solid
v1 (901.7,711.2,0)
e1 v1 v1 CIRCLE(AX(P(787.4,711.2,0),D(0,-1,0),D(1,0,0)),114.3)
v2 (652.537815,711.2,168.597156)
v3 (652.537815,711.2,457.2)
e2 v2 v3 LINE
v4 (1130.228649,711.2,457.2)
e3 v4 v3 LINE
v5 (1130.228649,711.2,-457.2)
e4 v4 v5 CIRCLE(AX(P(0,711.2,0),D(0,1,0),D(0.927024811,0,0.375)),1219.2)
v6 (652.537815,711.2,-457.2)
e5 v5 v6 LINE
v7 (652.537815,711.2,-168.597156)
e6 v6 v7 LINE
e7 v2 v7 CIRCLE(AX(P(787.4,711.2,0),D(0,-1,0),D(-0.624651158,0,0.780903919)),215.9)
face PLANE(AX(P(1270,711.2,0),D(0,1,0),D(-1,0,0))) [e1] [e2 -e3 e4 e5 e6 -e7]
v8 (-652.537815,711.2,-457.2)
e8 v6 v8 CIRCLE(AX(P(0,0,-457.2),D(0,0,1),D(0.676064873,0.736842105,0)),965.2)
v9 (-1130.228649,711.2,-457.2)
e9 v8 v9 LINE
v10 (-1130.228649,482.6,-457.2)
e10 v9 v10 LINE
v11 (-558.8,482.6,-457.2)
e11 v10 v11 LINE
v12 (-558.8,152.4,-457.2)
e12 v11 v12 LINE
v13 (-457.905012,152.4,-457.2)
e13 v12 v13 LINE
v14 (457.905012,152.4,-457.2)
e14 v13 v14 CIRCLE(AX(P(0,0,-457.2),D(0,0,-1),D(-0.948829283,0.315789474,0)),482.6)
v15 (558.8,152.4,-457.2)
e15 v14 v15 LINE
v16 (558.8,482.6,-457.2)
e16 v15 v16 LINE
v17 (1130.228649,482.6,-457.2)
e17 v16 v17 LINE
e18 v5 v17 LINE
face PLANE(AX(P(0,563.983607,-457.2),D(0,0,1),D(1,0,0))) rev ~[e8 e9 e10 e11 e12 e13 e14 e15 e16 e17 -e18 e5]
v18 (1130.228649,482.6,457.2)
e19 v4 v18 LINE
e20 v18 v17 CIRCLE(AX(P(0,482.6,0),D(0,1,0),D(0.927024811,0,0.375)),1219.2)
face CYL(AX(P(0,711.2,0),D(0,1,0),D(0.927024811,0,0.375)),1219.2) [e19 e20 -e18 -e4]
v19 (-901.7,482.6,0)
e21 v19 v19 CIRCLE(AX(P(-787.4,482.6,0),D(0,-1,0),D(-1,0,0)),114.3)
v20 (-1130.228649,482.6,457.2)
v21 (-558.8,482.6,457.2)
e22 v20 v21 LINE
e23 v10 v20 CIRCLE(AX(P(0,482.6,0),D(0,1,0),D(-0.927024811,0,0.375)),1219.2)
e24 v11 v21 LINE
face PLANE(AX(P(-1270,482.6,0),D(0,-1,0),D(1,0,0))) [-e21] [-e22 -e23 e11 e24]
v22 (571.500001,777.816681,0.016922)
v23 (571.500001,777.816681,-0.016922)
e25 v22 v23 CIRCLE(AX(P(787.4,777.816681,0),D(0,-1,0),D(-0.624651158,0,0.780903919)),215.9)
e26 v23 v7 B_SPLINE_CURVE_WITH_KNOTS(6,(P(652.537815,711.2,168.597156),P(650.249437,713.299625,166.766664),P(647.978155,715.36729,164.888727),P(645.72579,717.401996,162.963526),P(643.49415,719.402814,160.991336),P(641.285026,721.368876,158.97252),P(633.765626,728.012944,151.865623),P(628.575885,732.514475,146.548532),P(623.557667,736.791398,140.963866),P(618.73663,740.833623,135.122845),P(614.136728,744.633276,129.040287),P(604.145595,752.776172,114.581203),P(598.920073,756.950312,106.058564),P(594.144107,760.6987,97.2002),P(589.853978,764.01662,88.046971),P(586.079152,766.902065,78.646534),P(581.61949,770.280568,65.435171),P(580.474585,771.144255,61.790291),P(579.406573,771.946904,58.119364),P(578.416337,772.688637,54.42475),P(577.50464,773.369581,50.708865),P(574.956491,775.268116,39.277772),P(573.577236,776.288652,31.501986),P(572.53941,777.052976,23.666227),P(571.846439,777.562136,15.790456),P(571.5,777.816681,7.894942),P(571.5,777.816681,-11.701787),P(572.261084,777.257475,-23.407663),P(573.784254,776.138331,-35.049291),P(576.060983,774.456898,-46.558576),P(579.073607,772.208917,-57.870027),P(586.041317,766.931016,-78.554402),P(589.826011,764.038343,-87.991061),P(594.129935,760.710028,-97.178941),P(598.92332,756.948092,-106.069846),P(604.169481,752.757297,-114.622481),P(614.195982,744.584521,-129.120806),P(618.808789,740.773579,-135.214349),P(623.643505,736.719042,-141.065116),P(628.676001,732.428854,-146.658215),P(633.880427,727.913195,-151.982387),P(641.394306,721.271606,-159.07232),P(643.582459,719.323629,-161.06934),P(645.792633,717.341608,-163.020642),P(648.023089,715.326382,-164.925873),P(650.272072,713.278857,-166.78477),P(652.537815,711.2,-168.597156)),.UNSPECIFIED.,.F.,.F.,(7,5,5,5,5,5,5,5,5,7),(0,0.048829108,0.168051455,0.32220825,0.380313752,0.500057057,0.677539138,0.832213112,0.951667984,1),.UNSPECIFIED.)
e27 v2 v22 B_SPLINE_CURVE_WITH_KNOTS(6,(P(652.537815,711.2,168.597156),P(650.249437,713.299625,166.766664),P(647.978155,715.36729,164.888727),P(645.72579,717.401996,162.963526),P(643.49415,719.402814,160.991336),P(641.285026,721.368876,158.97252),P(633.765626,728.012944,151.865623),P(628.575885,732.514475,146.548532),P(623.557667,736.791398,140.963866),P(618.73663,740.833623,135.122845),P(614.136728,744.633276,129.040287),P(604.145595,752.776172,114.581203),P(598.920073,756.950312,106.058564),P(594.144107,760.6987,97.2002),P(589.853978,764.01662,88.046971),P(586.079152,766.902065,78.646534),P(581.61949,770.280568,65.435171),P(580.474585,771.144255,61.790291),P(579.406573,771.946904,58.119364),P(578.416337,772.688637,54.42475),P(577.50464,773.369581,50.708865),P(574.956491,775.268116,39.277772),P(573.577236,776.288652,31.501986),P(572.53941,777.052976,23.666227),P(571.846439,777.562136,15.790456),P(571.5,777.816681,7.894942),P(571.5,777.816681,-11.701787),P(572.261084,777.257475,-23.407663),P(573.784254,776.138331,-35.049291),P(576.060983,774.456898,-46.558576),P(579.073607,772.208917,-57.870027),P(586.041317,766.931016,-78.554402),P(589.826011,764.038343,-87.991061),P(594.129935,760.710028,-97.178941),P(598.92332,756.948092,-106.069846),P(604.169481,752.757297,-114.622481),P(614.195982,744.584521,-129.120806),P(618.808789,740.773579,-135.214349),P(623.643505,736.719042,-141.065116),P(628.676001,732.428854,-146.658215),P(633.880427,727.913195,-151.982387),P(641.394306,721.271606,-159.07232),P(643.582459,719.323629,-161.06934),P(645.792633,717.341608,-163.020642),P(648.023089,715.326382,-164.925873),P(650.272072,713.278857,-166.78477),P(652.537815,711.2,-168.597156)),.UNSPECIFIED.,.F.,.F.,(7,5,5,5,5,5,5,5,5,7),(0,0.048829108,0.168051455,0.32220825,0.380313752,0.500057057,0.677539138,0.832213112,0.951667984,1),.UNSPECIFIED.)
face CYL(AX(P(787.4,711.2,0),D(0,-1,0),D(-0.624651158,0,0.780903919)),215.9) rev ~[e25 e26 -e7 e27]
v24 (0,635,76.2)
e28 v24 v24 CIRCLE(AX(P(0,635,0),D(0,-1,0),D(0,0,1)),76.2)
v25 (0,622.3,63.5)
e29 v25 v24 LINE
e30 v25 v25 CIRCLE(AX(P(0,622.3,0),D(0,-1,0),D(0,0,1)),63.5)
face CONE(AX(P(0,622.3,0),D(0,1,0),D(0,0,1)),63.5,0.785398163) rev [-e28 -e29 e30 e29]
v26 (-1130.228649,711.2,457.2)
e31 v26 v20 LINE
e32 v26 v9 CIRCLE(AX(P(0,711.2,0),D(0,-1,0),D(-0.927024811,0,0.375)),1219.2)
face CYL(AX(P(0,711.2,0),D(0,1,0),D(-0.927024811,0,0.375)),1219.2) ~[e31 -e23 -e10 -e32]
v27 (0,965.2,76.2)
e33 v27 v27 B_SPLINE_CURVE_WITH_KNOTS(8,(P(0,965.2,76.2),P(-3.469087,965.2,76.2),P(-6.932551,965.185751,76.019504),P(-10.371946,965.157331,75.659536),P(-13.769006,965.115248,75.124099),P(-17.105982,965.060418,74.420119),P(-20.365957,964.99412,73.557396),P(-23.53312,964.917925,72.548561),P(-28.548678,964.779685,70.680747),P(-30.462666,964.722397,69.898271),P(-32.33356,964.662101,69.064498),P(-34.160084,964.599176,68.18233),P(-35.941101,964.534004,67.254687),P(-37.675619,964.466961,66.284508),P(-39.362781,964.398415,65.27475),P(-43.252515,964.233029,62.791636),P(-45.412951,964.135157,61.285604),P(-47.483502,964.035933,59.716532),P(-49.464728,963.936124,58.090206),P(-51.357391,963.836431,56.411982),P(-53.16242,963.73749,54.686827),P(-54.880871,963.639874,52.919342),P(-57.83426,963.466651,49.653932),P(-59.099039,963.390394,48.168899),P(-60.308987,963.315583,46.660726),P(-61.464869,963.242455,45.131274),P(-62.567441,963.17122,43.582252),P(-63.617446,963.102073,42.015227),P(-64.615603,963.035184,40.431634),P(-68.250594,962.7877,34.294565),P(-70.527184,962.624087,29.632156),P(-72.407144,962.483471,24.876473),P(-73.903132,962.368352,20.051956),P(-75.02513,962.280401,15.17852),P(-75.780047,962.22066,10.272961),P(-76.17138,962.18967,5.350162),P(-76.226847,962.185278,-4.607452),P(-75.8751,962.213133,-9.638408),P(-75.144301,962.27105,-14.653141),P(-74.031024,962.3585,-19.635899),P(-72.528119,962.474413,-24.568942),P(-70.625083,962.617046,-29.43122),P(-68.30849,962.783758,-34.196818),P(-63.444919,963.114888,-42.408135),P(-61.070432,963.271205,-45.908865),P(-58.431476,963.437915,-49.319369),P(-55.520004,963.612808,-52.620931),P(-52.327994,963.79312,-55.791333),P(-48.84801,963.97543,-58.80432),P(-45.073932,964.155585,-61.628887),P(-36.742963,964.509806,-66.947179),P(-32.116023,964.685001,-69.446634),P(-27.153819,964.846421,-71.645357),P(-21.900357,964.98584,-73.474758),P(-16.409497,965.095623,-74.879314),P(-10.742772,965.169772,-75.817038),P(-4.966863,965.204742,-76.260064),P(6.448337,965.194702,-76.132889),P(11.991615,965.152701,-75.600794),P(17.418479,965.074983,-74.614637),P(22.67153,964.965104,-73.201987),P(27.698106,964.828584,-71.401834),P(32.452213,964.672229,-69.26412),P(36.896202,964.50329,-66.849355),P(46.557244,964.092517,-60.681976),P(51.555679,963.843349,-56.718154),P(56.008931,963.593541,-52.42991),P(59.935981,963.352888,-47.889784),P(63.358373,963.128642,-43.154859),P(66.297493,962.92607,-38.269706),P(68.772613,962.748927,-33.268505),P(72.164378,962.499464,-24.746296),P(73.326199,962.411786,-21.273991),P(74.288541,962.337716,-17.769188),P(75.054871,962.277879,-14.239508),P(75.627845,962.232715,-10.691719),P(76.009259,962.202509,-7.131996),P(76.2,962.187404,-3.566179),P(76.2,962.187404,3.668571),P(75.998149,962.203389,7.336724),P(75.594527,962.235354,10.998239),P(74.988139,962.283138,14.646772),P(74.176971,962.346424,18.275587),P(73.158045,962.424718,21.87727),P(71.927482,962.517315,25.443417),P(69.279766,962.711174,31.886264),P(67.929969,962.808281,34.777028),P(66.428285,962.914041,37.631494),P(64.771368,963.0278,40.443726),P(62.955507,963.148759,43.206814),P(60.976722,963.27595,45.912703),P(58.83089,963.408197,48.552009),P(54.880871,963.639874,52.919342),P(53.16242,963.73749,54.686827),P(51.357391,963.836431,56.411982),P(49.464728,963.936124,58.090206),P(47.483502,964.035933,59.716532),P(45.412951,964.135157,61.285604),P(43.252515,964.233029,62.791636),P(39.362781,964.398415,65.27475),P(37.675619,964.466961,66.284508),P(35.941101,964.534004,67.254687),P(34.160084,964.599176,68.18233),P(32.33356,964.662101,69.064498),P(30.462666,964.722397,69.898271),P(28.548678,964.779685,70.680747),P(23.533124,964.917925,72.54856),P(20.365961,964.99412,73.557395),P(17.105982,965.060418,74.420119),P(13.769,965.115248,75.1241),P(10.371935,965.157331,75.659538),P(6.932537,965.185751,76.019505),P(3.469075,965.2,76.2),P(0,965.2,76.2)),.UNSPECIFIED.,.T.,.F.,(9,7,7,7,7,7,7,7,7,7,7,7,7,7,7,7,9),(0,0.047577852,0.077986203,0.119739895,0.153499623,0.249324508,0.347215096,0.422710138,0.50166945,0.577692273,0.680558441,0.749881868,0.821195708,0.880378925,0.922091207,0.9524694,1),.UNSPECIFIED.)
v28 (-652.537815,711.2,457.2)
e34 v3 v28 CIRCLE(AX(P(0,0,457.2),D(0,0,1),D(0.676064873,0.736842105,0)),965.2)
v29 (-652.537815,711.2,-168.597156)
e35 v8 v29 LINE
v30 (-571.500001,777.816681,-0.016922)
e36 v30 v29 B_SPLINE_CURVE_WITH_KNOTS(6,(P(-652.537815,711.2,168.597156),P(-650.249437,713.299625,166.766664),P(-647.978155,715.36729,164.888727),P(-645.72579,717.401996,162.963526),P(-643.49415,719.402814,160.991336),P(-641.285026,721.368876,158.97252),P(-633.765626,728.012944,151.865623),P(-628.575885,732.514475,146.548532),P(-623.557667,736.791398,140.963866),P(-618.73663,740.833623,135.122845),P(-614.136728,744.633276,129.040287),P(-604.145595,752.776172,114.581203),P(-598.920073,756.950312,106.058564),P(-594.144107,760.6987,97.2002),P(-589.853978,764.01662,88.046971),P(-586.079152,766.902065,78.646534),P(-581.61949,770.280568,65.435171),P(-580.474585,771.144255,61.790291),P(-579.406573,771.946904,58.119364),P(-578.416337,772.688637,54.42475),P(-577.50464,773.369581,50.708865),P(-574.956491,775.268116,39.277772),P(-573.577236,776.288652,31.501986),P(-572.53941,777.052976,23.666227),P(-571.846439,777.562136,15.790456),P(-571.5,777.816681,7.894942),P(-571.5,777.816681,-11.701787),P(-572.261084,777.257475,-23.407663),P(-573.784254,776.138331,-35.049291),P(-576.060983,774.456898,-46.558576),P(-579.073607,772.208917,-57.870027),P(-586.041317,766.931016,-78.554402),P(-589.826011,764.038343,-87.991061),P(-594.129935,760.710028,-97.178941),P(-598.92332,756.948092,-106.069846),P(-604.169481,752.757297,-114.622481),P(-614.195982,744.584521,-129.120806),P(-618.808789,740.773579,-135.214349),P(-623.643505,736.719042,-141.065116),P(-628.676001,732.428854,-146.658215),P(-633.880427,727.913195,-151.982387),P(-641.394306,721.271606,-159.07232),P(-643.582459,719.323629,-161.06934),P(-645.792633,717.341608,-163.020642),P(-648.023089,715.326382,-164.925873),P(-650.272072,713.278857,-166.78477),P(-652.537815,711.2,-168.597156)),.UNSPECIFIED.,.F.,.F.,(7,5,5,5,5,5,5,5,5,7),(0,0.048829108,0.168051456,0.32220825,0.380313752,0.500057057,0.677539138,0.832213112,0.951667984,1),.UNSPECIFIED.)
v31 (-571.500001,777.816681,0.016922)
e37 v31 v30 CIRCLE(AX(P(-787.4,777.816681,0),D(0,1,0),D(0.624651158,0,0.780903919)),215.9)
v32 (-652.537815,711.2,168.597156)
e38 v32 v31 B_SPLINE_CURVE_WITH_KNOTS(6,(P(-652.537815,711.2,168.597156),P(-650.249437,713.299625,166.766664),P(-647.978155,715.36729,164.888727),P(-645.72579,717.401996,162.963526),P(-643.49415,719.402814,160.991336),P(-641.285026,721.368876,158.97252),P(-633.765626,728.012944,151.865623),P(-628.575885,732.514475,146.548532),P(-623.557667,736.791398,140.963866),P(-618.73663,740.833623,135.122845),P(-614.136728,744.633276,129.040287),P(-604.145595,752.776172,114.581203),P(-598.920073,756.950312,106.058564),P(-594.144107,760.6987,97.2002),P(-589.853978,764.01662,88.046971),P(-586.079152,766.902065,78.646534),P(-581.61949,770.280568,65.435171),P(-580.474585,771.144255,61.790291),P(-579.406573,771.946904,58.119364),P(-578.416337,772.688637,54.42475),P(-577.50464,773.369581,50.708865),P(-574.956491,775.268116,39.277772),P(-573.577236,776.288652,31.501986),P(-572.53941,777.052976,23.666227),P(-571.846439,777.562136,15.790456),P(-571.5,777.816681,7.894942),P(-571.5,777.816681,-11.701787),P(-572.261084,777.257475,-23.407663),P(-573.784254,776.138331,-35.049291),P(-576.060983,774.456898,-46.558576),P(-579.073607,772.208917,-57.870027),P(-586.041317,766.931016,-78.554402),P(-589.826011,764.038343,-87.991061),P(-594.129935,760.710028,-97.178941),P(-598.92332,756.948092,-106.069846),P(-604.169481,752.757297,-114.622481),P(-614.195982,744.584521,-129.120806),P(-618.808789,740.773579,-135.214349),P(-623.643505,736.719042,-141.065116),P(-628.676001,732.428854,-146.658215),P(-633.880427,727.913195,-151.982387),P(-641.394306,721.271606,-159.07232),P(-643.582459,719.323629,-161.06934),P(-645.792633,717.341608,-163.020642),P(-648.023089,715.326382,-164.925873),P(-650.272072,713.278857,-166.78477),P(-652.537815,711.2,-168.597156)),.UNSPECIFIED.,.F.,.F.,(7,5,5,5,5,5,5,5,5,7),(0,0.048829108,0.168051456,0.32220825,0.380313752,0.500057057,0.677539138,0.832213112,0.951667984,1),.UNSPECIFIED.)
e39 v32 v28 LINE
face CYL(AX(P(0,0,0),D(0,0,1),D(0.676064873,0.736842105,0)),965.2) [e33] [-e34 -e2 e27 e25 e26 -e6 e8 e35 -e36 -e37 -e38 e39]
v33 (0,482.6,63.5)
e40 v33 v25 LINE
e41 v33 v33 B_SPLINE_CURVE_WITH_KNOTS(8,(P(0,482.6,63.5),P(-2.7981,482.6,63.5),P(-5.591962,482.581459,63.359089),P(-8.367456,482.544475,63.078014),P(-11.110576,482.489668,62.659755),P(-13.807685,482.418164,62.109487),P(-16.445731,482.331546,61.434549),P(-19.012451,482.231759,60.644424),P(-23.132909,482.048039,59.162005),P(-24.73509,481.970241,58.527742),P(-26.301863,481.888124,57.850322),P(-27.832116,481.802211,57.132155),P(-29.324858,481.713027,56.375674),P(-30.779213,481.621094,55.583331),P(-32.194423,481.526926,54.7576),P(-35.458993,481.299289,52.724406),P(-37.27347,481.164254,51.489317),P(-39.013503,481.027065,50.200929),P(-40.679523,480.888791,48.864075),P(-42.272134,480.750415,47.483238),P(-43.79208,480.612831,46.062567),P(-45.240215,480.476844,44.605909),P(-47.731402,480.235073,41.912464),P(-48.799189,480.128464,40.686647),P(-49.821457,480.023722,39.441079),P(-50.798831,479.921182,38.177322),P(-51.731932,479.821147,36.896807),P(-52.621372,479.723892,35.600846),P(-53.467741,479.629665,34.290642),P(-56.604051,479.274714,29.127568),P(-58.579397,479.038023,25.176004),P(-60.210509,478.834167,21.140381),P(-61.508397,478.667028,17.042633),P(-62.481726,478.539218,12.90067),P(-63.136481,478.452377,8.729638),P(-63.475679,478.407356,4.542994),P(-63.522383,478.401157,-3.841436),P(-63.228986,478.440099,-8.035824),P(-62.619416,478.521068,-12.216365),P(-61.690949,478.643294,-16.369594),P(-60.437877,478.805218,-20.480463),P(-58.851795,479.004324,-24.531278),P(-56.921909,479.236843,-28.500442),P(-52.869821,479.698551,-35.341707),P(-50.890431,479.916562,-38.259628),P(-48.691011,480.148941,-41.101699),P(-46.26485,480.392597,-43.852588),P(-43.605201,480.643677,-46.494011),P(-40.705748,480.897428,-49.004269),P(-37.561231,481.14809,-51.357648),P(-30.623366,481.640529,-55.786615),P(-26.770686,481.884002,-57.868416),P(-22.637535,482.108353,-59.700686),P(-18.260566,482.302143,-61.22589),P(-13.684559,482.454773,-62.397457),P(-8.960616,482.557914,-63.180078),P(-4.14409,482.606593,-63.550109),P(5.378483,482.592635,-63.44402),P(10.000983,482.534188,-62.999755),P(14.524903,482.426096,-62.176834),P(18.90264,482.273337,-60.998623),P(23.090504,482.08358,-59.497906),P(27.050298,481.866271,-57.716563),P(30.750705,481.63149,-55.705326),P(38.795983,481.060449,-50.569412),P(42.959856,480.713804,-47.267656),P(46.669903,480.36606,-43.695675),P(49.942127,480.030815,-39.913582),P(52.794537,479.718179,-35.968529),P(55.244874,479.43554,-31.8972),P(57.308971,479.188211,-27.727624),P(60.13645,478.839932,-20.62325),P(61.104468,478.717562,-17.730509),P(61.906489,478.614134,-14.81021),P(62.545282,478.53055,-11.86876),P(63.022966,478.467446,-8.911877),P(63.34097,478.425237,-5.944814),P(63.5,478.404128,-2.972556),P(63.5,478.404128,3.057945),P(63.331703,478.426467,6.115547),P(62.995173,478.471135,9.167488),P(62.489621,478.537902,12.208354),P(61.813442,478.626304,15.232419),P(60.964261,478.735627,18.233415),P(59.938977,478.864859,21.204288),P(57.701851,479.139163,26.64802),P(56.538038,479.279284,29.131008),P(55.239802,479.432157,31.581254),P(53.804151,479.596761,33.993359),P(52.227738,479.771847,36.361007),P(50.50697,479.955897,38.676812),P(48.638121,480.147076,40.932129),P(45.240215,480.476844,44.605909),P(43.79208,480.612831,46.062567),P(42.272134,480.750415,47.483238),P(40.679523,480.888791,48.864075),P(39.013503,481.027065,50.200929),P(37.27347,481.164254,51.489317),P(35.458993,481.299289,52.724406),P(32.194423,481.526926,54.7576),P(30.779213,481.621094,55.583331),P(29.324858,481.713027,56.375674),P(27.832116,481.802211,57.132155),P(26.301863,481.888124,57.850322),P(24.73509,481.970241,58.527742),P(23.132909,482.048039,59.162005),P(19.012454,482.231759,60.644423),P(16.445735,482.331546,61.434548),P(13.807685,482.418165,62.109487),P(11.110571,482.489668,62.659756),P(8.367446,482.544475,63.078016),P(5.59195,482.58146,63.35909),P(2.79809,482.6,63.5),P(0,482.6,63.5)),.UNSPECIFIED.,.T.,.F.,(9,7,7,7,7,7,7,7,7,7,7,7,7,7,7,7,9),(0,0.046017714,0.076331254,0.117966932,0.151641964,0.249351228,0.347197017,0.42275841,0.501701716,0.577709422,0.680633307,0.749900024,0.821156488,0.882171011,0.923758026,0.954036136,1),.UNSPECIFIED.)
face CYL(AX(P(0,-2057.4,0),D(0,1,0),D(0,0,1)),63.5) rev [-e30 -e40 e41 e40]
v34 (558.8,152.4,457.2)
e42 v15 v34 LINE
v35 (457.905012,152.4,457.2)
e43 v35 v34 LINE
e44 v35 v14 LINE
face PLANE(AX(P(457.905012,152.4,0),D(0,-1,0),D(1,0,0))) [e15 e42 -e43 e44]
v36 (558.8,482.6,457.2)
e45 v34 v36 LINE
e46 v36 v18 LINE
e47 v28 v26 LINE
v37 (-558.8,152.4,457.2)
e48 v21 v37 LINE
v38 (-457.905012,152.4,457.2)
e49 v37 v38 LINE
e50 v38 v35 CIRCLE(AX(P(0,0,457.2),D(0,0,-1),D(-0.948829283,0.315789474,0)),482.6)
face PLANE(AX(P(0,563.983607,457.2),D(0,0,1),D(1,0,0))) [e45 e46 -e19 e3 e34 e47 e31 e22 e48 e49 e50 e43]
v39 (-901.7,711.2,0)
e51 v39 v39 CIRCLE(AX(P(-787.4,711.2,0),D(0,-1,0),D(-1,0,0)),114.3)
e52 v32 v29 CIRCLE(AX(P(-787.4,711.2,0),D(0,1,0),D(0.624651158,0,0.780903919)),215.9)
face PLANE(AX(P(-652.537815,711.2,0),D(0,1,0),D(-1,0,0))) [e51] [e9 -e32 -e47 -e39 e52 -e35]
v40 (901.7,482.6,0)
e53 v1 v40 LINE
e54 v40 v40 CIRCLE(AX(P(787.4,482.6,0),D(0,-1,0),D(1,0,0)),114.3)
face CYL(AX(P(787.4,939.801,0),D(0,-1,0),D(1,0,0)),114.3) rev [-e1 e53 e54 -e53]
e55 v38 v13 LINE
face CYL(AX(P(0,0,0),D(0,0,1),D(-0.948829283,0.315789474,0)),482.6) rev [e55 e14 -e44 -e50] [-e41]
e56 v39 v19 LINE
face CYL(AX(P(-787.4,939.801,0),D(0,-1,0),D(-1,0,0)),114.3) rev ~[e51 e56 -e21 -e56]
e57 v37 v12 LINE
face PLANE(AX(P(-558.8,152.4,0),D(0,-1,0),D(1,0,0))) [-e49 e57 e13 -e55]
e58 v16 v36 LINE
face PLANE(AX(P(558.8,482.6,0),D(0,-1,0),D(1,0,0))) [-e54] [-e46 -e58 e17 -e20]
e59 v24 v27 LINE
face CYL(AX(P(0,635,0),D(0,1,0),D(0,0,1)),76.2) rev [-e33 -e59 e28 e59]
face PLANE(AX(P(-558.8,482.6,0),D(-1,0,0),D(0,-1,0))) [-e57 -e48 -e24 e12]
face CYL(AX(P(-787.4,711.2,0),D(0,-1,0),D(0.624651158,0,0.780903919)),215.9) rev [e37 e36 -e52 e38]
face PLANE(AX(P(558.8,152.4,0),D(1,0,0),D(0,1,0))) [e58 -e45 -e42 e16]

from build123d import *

# Parameters (mm, degrees)
BOSS_EXTRUDE1_DEPTH              = 457.2
F_97_0_0059_DIAMETER_HOLE1_D     = 228.6
F_97_0_0059_DIAMETER_HOLE1_DEPTH = 228.601
CUT_EXTRUDE1_DEPTH               = 66.616681
CUT_EXTRUDE2_REACH               = 560.8


with BuildPart() as part:
    # Sketch1 → Boss-Extrude1 (new body, symmetric)
    with BuildSketch(Plane.XY):
        with BuildLine():
            Line((457.905011984, 152.4), (558.8, 152.4))
            Line((558.8, 152.4), (558.8, 482.6))
            Line((558.8, 482.6), (1270, 482.6))
            Line((1270, 482.6), (1270, 711.2))
            Line((1270, 711.2), (652.537814996, 711.2))
            ThreePointArc((652.537814996, 711.2), (0, 965.2), (-652.537814996, 711.2))
            Line((-652.537814996, 711.2), (-1270, 711.2))
            Line((-1270, 711.2), (-1270, 482.6))
            Line((-1270, 482.6), (-558.8, 482.6))
            Line((-558.8, 482.6), (-558.8, 152.4))
            Line((-558.8, 152.4), (-457.905011984, 152.4))
            ThreePointArc((-457.905011984, 152.4), (0, 482.6), (457.905011984, 152.4))
        make_face()
    extrude(amount=BOSS_EXTRUDE1_DEPTH, both=True)

    # #97 (0.0059) Diameter Hole1
    with Locations(Plane(origin=(0, 711.2, 0), x_dir=(1, 0, 0), z_dir=(0, 1, 0))):
        with Locations((-787.4, 0)):
            f_97_0_0059_diameter_hole1 = Hole(F_97_0_0059_DIAMETER_HOLE1_D / 2, depth=F_97_0_0059_DIAMETER_HOLE1_DEPTH)

    # Mirror7: #97 (0.0059) Diameter Hole1 across plane
    add(f_97_0_0059_diameter_hole1.mirror(Plane(origin=(0, 0, 0), x_dir=(0, 0, 1), z_dir=(1, 0, 0))), mode=Mode.SUBTRACT)

    # Sketch5 → Cut-Extrude1 (cut)
    with BuildSketch(Plane(origin=(0, 711.2, 0), x_dir=(1, 0, 0), z_dir=(0, 1, 0))):
        with BuildLine():
            Line((-652.537814996, 168.597156133), (-652.537814996, -168.597156133))
            ThreePointArc((-652.537814996, -168.597156133), (-571.5, 0), (-652.537814996, 168.597156133))
        make_face()
    cut_extrude1 = extrude(amount=CUT_EXTRUDE1_DEPTH, mode=Mode.SUBTRACT)

    # Mirror8: Cut-Extrude1 across plane
    add(cut_extrude1.mirror(Plane(origin=(0, 0, 0), x_dir=(0, 0, 1), z_dir=(1, 0, 0))), mode=Mode.SUBTRACT)

    # Sketch6 → Cut-Extrude2 (cut, up to next)
    with BuildSketch(Plane(origin=(0, 711.2, 0), x_dir=(1, 0, 0), z_dir=(0, 1, 0)), mode=Mode.PRIVATE) as cut_extrude2_sk1:
        with BuildLine():
            Line((-1130.228649433, 457.2), (-1270, 457.2))
            Line((-1270, 457.2), (-1270, -457.2))
            Line((-1270, -457.2), (-1130.228649433, -457.2))
            ThreePointArc((-1130.228649433, -457.2), (-1219.2, 0), (-1130.228649433, 457.2))
        make_face()
    cut_extrude2_tool1 = extrude(cut_extrude2_sk1.sketch, amount=-CUT_EXTRUDE2_REACH, mode=Mode.PRIVATE) & part.part
    add(cut_extrude2_tool1.solids().sort_by_distance((-1225.646525, 711.2, 0))[0], mode=Mode.SUBTRACT)
    # Sketch6 → Cut-Extrude2 (cut, up to next)
    with BuildSketch(Plane(origin=(0, 711.2, 0), x_dir=(1, 0, 0), z_dir=(0, 1, 0)), mode=Mode.PRIVATE) as cut_extrude2_sk2:
        with BuildLine():
            Line((1130.228649433, 457.2), (1270, 457.2))
            Line((1270, 457.2), (1270, -457.2))
            Line((1270, -457.2), (1130.228649433, -457.2))
            ThreePointArc((1130.228649433, -457.2), (1219.2, 0), (1130.228649433, 457.2))
        make_face()
    cut_extrude2_tool2 = extrude(cut_extrude2_sk2.sketch, amount=-CUT_EXTRUDE2_REACH, mode=Mode.PRIVATE) & part.part
    add(cut_extrude2_tool2.solids().sort_by_distance((1225.646525, 711.2, 0))[0], mode=Mode.SUBTRACT)

    # Sketch10 → CSK for M10 Flat Head Machine Screw1 (revolve, cut)
    with BuildSketch(Plane(origin=(0, 965.2, 0), x_dir=(0, 0, 1), z_dir=(1, 0, 0))):
        Polygon((0, 0), (0, 3060.754649308), (63.5, 3022.6), (63.5, 342.9), (76.2, 330.2), (76.2, 0), align=None)
    revolve(axis=Axis((0, 971.55, 0), (0, -1, 0)), mode=Mode.SUBTRACT)


solid = part.part
